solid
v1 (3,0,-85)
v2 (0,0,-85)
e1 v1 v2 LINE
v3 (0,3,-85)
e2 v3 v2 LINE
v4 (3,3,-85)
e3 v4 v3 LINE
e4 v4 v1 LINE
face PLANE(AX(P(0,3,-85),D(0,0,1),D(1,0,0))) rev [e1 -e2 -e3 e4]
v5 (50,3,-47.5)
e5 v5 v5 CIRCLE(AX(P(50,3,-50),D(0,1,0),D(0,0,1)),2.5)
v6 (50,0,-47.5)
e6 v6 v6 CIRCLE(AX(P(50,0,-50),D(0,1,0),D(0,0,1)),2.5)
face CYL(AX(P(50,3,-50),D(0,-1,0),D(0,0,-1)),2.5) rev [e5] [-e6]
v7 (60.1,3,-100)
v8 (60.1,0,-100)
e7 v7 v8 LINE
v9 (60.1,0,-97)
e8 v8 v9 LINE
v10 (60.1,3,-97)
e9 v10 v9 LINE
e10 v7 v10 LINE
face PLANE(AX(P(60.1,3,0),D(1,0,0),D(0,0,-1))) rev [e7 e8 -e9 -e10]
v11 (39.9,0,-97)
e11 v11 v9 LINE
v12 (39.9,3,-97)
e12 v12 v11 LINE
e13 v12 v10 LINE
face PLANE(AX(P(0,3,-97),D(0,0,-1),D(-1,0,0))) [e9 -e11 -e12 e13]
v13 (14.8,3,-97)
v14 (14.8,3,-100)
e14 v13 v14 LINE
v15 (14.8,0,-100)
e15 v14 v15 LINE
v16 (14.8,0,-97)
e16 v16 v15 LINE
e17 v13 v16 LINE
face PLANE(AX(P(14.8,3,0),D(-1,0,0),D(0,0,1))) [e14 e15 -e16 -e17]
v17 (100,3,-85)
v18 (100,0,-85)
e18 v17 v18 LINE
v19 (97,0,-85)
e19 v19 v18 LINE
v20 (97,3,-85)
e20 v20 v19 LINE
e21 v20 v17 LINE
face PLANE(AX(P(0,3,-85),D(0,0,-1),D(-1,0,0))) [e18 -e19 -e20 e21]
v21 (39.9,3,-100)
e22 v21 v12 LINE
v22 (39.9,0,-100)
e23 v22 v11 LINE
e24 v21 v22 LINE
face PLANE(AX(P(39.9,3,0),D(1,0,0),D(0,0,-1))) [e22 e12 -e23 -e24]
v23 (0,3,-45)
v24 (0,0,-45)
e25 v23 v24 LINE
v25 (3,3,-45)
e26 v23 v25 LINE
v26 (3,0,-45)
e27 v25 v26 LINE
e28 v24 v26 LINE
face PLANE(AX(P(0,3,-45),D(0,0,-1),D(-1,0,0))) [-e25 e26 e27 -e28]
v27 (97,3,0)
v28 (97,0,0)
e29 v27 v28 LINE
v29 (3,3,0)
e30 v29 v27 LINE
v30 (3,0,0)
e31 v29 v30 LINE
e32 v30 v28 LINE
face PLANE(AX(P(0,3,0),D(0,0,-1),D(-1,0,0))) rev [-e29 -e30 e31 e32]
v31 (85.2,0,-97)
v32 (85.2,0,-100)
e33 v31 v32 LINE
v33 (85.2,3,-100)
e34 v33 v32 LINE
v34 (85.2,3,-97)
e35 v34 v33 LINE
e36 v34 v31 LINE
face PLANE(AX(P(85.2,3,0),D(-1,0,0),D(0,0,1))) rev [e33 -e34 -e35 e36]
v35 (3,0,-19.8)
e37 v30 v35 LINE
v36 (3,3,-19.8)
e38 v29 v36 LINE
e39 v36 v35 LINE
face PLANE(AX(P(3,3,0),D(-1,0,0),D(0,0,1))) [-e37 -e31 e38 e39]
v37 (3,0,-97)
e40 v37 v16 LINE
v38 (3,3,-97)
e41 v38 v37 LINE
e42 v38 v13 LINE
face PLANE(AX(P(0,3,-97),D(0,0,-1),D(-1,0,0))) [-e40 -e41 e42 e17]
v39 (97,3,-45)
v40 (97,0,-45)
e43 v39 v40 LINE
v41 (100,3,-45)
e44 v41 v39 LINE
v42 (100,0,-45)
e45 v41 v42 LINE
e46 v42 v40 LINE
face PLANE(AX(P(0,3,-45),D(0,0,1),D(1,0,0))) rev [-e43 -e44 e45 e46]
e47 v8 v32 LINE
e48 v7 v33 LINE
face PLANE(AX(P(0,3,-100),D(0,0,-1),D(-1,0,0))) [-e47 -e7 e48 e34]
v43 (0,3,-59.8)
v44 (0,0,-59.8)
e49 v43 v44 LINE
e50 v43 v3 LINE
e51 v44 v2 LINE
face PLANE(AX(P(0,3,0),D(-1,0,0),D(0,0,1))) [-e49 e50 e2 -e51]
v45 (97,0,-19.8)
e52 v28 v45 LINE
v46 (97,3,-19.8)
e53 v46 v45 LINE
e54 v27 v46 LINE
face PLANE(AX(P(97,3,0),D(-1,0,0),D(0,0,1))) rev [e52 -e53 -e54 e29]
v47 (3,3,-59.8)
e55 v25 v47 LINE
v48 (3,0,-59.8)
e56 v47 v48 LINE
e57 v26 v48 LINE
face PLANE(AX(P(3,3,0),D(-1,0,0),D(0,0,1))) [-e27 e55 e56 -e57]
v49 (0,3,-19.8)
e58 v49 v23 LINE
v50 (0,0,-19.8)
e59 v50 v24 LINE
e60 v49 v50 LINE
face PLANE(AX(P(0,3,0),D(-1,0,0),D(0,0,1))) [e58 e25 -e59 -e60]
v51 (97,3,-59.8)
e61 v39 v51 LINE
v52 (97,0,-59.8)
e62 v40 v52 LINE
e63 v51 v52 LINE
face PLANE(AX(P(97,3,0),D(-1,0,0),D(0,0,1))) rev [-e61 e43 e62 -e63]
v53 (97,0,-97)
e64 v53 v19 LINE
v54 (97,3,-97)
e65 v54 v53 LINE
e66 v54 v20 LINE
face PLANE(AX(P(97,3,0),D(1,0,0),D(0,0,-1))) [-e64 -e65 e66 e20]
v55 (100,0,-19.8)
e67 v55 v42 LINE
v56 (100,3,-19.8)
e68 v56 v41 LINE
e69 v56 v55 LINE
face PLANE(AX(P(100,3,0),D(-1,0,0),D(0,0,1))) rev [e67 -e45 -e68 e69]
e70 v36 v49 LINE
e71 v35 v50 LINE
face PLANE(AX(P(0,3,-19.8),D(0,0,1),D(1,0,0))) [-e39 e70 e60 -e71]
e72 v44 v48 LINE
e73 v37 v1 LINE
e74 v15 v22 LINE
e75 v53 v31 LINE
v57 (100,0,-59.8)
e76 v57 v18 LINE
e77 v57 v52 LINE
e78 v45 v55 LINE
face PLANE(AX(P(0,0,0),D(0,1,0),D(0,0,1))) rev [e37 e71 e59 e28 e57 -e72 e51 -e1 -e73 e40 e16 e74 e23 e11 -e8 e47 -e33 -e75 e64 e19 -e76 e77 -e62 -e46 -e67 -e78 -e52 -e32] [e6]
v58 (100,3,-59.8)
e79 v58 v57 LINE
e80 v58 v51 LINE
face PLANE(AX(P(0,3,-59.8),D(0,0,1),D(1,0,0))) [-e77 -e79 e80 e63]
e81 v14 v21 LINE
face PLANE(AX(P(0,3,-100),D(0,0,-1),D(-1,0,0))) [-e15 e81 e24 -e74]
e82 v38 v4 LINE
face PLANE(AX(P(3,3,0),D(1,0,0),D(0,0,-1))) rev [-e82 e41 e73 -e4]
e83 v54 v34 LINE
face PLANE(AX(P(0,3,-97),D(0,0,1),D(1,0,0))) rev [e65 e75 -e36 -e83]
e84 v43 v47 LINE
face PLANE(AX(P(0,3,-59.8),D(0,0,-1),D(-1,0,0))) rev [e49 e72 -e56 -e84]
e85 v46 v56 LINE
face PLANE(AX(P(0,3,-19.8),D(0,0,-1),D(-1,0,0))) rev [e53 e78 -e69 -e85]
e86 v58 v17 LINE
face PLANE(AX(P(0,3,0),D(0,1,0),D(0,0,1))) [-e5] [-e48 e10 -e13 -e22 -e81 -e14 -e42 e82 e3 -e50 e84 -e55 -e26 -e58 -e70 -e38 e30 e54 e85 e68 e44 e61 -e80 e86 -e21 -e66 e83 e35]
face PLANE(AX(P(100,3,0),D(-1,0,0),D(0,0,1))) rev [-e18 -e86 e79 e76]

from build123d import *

# Parameters (mm, degrees)
SKETCH1_R           = 2.5
BOSS_EXTRUDE1_DEPTH = 3


with BuildPart() as part:
    # Sketch1 → Boss-Extrude1 (new body)
    with BuildSketch(Plane(origin=(0, 0, 0), x_dir=(1, 0, 0), z_dir=(0, 1, 0))):
        Polygon((3, 19.8), (3, 0), (97, 0), (97, 19.8), (100, 19.8), (100, 45), (97, 45), (97, 59.8), (100, 59.8), (100, 85), (97, 85), (97, 97), (85.2, 97), (85.2, 100), (60.1, 100), (60.1, 97), (39.9, 97), (39.9, 100), (14.8, 100), (14.8, 97), (3, 97), (3, 85), (0, 85), (0, 59.8), (3, 59.8), (3, 45), (0, 45), (0, 19.8), align=None)
        with Locations((50, 50)):
            Circle(SKETCH1_R, mode=Mode.SUBTRACT)
    extrude(amount=BOSS_EXTRUDE1_DEPTH)


solid = part.part
